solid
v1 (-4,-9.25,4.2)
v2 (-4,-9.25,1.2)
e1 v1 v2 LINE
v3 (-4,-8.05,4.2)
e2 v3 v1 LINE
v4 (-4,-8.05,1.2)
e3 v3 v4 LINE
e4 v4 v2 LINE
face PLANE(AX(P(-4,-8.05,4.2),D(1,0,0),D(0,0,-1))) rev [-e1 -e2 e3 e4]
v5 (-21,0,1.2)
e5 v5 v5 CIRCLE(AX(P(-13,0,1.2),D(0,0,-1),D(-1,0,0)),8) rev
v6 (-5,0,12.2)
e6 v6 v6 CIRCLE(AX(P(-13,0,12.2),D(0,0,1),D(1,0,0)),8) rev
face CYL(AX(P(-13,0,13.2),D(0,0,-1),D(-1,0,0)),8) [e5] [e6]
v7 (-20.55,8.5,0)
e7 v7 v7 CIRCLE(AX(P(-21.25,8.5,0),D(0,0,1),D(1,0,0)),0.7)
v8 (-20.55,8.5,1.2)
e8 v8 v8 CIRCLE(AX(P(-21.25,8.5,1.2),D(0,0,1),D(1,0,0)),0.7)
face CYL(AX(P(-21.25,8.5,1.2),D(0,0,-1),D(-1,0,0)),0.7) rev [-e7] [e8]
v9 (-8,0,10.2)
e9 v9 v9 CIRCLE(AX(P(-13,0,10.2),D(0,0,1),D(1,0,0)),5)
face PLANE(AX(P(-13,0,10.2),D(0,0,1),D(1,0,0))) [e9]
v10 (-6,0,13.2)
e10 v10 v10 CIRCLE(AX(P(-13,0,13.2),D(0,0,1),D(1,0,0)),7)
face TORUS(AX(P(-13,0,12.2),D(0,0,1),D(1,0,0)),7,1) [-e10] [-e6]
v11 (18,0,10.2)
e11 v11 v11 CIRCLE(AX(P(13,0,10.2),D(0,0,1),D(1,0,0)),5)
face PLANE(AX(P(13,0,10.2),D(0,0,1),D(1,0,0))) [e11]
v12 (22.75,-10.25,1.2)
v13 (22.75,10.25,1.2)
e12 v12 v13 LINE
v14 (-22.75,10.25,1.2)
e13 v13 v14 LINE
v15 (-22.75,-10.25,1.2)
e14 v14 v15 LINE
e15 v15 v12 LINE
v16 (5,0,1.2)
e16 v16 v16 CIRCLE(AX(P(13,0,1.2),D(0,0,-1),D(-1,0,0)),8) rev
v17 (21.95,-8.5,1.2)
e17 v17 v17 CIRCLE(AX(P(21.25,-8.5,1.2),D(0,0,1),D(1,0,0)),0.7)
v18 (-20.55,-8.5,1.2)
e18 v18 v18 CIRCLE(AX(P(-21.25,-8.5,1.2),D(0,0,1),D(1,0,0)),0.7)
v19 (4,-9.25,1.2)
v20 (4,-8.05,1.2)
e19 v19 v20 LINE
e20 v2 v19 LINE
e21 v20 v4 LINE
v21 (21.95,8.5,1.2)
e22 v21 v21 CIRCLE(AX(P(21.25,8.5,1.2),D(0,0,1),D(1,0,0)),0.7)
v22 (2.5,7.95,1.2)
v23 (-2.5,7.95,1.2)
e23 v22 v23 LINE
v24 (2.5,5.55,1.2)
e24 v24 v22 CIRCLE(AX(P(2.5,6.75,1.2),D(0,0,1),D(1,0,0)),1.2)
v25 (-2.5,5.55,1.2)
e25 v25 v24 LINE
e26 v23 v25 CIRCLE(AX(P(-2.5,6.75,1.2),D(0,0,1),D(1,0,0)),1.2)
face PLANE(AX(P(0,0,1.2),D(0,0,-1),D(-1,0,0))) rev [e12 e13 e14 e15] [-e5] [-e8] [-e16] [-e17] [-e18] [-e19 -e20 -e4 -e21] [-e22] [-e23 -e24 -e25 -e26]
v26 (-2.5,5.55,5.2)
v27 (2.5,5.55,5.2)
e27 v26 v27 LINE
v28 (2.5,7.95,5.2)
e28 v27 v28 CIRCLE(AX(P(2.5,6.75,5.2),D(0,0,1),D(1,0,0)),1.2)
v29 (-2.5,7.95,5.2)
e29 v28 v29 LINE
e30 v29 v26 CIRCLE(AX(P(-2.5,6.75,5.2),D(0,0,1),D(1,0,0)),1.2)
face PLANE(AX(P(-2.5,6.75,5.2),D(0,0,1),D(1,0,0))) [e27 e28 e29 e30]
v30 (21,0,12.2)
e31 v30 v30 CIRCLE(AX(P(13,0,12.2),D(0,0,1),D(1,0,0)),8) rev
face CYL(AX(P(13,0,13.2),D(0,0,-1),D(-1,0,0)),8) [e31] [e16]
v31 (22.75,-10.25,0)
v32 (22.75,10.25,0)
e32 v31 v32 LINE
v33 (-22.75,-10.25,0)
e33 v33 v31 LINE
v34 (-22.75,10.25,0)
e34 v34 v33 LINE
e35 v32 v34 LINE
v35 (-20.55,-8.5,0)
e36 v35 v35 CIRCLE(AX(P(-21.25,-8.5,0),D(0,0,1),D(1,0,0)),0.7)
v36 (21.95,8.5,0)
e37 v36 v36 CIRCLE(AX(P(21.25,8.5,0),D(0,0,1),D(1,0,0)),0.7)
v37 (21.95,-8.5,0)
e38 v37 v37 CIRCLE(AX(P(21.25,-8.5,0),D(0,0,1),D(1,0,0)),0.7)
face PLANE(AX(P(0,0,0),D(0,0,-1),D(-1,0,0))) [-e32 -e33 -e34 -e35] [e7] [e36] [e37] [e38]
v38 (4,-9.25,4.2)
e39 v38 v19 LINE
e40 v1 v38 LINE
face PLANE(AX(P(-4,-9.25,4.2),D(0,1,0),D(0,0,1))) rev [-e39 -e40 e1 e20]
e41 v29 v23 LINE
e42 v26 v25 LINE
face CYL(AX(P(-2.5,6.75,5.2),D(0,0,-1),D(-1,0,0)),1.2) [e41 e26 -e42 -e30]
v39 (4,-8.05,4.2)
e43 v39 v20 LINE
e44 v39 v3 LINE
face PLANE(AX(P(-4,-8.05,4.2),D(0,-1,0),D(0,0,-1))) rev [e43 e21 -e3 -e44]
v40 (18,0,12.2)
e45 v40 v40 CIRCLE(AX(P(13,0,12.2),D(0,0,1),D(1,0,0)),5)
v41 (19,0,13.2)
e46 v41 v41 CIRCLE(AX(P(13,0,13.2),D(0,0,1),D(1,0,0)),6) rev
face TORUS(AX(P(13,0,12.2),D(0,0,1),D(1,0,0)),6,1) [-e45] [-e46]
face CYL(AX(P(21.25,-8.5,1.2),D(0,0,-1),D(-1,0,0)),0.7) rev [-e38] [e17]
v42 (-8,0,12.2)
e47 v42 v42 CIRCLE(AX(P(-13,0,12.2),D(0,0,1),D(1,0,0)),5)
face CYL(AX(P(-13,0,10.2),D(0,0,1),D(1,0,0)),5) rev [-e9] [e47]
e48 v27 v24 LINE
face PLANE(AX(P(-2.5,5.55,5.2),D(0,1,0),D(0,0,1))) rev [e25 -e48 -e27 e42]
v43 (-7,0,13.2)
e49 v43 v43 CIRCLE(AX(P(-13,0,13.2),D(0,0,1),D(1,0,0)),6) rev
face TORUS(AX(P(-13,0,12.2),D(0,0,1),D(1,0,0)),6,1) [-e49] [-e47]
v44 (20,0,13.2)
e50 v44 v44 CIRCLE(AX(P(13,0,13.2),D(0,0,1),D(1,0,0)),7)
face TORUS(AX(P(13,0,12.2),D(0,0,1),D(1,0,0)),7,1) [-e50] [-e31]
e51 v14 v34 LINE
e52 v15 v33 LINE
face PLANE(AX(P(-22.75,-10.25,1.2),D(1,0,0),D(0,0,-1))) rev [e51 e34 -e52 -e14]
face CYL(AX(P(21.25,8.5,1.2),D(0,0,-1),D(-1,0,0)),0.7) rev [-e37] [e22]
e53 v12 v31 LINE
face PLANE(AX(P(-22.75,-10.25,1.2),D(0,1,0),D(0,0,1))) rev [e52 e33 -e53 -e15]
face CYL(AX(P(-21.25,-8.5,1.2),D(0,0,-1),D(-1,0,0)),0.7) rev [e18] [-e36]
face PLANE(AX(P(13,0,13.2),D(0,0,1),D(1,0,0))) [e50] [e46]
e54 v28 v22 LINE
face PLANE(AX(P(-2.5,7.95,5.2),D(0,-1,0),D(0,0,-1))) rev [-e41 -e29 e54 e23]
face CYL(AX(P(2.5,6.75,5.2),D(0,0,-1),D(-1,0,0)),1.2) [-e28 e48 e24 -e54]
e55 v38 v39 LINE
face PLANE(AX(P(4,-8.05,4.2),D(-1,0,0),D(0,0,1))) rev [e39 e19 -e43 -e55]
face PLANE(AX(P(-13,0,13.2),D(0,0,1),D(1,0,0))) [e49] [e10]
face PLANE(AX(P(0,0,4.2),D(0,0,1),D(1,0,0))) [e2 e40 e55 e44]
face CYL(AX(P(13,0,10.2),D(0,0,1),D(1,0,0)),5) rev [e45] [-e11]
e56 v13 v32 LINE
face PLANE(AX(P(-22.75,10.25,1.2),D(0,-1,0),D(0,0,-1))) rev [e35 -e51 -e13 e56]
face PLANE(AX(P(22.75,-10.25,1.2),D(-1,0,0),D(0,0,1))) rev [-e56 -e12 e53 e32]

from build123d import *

# Parameters (mm, degrees)
SKETCH_1_W          = 45.5
SKETCH_1_H          = 20.5
SKETCH_1_R          = 0.7
EXTRUDE_1_DEPTH     = 1.2
SKETCH_2_R          = 8
EXTRUDE_2_DEPTH     = 12
SKETCH_3_R          = 5
CUT_EXTRUDE_1_DEPTH = 3
FILLET_1_R          = 1
EXTRUDE_3_DEPTH     = 4
SKETCH_5_W          = 8
SKETCH_5_H          = 1.2
EXTRUDE_4_DEPTH     = 3


with BuildPart() as part:
    # 草图1 → 凸台-拉伸1 (new body)
    with BuildSketch(Plane.XY):
        Rectangle(SKETCH_1_W, SKETCH_1_H)
        with Locations((21.25, 8.5)):
            Circle(SKETCH_1_R, mode=Mode.SUBTRACT)
        with Locations((-21.25, 8.5)):
            Circle(SKETCH_1_R, mode=Mode.SUBTRACT)
        with Locations((-21.25, -8.5)):
            Circle(SKETCH_1_R, mode=Mode.SUBTRACT)
        with Locations((21.25, -8.5)):
            Circle(SKETCH_1_R, mode=Mode.SUBTRACT)
    extrude(amount=EXTRUDE_1_DEPTH)

    # 草图2 → 凸台-拉伸2 (add)
    with BuildSketch(Plane.XY.offset(1.2)):
        with Locations(Location((-13, 0, 0), (0, 0, 180))):
            Circle(SKETCH_2_R)
        with Locations(Location((13, 0, 0), (0, 0, 180))):
            Circle(SKETCH_2_R)
    extrude(amount=EXTRUDE_2_DEPTH)

    # 草图3 → 切除-拉伸1 (cut)
    with BuildSketch(Plane.XY.offset(13.2)):
        with Locations((-13, 0)):
            Circle(SKETCH_3_R)
        with Locations((13, 0)):
            Circle(SKETCH_3_R)
    extrude(amount=-CUT_EXTRUDE_1_DEPTH, mode=Mode.SUBTRACT)

    # 圆角1
    fillet_1_edges = [part.edges().sort_by_distance(p)[0] for p in [
        (-5, 0, 13.2),
        (21, 0, 13.2),
        (-18, 0, 13.2),
        (8, 0, 13.2),
    ]]
    fillet(fillet_1_edges, radius=FILLET_1_R)

    # 草图4 → 凸台-拉伸3 (add)
    with BuildSketch(Plane.XY.offset(1.2)):
        with BuildLine():
            Line((-2.5, 7.95), (2.5, 7.95))
            ThreePointArc((2.5, 7.95), (3.7, 6.75), (2.5, 5.55))
            Line((2.5, 5.55), (-2.5, 5.55))
            ThreePointArc((-2.5, 5.55), (-3.7, 6.75), (-2.5, 7.95))
        make_face()
    extrude(amount=EXTRUDE_3_DEPTH)

    # 草图5 → 凸台-拉伸4 (add)
    with BuildSketch(Plane.XY.offset(1.2)):
        with Locations((0, -8.65)):
            Rectangle(SKETCH_5_W, SKETCH_5_H)
    extrude(amount=EXTRUDE_4_DEPTH)


solid = part.part
